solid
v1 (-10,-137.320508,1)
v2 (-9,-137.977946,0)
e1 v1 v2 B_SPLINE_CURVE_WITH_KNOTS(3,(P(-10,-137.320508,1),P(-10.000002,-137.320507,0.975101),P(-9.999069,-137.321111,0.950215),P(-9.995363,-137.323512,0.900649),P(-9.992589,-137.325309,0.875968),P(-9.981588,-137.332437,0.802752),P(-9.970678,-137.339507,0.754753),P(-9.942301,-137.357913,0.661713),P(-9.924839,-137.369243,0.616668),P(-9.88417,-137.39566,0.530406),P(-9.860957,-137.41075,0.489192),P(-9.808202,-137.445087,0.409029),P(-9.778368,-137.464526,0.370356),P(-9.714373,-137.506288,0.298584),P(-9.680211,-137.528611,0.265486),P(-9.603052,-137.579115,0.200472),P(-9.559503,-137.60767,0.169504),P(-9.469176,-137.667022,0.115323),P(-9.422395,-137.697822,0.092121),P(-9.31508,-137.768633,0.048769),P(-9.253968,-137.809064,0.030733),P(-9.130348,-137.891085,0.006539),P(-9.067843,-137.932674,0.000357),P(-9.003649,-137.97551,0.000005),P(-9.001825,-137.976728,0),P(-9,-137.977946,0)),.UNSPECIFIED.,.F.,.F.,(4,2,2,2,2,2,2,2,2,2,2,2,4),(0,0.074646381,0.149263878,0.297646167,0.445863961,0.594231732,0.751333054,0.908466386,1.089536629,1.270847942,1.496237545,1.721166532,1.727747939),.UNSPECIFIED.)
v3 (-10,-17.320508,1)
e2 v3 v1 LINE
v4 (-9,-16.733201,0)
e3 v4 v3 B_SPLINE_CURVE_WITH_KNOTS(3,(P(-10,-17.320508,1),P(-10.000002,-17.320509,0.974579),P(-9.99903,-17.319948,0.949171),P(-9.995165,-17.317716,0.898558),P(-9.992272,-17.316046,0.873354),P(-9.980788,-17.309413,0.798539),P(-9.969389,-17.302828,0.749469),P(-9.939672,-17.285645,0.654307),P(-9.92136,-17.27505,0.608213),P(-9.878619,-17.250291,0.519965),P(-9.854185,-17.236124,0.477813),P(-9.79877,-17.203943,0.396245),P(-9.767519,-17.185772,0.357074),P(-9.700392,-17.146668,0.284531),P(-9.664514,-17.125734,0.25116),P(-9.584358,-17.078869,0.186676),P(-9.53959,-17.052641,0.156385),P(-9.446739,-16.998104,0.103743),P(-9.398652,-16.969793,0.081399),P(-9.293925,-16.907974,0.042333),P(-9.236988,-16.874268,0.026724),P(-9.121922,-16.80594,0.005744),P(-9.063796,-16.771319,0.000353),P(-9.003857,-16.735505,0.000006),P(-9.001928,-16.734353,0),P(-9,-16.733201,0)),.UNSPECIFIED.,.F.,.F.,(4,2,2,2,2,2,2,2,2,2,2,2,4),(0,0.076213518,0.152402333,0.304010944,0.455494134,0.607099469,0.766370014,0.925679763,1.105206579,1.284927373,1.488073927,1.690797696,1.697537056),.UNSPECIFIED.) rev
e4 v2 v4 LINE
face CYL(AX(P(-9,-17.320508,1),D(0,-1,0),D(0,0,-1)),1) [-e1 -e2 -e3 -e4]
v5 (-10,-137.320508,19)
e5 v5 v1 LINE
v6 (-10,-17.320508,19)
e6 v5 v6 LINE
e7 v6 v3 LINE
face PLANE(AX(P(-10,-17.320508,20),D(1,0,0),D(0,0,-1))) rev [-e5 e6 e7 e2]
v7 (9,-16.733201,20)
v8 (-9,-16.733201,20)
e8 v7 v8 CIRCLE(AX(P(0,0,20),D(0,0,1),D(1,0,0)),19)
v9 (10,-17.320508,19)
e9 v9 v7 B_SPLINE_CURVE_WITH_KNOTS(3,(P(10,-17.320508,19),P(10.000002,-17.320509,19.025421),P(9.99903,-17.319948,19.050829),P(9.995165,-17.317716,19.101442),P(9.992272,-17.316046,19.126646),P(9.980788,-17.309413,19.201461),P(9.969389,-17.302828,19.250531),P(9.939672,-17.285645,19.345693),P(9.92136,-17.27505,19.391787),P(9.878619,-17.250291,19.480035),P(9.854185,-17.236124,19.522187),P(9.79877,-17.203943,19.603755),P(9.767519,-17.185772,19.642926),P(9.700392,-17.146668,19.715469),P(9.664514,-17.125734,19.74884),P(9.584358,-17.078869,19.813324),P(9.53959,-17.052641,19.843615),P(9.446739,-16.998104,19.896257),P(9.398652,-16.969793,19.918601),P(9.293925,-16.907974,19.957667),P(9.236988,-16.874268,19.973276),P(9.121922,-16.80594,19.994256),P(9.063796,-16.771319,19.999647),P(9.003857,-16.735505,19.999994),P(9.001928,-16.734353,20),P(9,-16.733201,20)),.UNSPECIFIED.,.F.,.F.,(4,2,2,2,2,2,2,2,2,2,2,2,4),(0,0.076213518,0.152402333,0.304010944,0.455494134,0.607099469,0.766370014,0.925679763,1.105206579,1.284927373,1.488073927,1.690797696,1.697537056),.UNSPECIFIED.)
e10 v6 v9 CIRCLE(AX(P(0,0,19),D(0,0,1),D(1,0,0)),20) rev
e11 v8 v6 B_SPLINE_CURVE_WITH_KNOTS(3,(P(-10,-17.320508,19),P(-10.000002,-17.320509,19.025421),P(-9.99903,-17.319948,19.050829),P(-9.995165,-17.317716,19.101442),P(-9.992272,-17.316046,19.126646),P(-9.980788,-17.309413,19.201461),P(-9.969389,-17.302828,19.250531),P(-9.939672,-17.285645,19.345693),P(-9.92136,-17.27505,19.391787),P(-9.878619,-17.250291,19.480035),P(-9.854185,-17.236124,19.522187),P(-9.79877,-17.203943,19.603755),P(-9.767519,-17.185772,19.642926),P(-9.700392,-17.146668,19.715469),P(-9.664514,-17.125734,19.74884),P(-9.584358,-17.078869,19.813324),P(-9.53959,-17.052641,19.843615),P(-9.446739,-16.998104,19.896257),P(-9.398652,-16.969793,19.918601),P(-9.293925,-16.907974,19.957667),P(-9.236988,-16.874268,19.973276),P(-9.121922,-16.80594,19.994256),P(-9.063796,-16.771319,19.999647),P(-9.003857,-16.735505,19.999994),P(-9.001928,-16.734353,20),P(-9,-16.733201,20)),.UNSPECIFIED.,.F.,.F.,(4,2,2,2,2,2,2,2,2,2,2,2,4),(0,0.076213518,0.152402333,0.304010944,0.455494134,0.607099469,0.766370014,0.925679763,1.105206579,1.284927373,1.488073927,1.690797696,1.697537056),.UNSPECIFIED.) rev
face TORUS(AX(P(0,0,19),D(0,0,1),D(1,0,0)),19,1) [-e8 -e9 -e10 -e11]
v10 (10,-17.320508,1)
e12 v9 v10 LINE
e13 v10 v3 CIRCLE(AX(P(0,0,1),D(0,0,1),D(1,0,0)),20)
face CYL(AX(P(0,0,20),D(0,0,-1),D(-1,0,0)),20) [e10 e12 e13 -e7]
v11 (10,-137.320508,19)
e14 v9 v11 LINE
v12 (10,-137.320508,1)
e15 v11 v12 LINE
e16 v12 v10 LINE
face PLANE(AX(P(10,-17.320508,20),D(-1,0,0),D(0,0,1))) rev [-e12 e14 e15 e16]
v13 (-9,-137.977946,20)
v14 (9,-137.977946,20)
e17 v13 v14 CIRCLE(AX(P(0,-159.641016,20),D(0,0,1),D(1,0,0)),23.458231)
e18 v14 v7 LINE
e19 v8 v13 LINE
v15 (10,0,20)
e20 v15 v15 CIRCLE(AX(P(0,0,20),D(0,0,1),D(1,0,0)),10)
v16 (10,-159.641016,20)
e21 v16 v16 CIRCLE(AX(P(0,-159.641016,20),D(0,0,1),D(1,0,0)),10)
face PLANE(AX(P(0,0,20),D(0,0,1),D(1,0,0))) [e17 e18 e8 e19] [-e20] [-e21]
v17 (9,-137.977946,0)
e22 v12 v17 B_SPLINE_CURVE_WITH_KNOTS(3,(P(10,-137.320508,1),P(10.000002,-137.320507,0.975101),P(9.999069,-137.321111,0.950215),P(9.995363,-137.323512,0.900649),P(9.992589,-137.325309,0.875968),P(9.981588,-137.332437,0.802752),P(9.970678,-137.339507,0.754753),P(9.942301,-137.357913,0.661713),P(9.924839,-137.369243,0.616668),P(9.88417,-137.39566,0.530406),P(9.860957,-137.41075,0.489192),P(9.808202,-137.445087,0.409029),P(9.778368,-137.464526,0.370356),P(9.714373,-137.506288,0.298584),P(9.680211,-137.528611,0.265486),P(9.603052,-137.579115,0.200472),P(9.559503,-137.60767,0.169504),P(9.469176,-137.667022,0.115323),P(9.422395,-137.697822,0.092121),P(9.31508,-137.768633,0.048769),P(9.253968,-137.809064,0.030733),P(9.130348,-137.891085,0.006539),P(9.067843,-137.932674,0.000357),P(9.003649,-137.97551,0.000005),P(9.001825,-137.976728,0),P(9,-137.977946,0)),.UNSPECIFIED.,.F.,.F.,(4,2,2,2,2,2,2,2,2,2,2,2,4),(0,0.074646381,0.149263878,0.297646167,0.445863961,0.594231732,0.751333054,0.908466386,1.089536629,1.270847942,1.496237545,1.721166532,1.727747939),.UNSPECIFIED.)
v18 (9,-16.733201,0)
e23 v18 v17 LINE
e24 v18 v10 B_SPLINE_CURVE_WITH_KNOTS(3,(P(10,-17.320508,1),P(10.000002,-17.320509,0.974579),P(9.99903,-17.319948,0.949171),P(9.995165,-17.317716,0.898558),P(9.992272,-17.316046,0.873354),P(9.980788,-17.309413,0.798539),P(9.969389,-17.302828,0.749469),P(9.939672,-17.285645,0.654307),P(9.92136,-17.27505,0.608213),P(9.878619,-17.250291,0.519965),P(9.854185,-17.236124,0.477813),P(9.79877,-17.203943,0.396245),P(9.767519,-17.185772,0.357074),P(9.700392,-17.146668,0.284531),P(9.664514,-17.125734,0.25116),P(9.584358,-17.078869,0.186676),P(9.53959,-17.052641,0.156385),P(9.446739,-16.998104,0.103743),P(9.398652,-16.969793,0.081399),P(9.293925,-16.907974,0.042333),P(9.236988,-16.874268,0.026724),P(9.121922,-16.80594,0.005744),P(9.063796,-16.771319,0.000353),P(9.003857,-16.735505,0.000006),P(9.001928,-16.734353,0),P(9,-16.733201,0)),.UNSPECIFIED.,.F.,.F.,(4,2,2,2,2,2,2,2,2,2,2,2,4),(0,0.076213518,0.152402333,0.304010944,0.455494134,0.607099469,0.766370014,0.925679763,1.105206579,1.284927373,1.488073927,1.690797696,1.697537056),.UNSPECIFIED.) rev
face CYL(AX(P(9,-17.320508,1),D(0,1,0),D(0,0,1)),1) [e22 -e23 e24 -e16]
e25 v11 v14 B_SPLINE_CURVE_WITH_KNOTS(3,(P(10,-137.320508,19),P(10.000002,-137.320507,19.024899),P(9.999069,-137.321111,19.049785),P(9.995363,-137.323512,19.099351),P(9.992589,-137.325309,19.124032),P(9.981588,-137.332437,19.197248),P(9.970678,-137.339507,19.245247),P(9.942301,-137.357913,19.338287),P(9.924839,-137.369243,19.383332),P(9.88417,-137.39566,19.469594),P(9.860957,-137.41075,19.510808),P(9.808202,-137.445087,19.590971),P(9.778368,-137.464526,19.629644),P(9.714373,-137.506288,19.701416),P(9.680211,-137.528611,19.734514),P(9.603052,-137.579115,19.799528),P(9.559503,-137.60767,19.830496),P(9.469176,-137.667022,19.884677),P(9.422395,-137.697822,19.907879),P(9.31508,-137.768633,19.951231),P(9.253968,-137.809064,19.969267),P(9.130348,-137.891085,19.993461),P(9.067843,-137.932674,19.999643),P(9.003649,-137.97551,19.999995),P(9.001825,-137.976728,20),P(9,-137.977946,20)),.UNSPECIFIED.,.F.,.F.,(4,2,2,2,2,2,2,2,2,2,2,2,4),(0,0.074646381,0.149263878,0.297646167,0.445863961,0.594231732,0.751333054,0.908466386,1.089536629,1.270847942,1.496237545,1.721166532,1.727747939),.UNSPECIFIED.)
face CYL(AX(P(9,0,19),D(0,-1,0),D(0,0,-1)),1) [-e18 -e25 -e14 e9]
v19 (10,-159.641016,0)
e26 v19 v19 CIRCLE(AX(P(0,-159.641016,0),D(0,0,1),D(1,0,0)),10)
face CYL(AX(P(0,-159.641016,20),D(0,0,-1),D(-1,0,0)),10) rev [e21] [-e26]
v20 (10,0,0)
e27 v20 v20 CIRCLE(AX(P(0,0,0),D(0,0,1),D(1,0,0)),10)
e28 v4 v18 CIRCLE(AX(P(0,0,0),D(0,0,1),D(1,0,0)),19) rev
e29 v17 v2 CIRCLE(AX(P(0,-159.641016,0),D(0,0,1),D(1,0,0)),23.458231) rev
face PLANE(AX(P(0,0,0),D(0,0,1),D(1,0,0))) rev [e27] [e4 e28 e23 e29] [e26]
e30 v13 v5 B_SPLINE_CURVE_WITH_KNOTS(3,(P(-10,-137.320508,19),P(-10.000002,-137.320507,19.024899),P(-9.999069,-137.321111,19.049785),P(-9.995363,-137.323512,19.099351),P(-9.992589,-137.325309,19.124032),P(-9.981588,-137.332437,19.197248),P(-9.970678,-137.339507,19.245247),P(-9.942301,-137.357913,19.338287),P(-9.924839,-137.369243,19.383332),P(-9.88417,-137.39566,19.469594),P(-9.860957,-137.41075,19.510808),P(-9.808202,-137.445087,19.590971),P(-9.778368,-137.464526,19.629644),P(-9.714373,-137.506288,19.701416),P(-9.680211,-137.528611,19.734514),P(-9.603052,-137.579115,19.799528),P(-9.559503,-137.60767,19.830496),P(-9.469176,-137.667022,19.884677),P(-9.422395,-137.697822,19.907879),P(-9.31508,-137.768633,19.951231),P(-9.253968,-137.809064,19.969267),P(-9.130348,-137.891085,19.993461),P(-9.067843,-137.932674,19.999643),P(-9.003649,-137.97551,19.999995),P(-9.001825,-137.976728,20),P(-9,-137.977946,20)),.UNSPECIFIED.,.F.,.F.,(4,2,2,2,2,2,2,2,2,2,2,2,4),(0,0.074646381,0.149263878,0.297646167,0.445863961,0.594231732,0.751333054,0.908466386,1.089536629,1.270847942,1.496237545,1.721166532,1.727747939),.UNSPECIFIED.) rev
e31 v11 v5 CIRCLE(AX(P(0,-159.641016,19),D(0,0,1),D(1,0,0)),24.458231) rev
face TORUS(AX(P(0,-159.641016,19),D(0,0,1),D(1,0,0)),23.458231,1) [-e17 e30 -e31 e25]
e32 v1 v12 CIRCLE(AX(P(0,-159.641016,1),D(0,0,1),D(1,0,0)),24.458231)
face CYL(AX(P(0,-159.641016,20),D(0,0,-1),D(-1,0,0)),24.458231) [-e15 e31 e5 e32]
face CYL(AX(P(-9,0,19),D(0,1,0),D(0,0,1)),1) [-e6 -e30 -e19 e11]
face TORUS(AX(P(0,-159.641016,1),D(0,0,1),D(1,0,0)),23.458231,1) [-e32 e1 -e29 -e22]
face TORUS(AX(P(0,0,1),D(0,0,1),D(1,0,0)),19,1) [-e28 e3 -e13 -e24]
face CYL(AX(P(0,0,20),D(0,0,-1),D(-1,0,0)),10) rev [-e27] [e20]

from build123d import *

# Parameters (mm, degrees)
ESQUISSE1_R        = 10
BOSS_EXTRU_1_DEPTH = 20
CONG_2_R           = 1


with BuildPart() as part:
    # Esquisse1 → Boss.-Extru.1 (new body)
    with BuildSketch(Plane.XY):
        with BuildLine():
            Line((-10, -17.320508076), (-10, -137.320508076))
            ThreePointArc((-10, -137.320508076), (0, -184.099247501), (10, -137.320508076))
            Line((10, -137.320508076), (10, -17.320508076))
            ThreePointArc((10, -17.320508076), (0, 20), (-10, -17.320508076))
        make_face()
        Circle(ESQUISSE1_R, mode=Mode.SUBTRACT)
        with Locations((0, -159.641016151)):
            Circle(ESQUISSE1_R, mode=Mode.SUBTRACT)
    extrude(amount=BOSS_EXTRU_1_DEPTH)

    # Congé2
    cong_2_edges = [part.edges().sort_by_distance(p)[0] for p in [
        (0, -184.099247501, 20),
        (10, -77.320508076, 20),
        (0, 20, 20),
        (10, -77.320508076, 0),
        (0, -184.099247501, 0),
        (-10, -77.320508076, 0),
        (0, 20, 0),
        (-10, -77.320508076, 20),
    ]]
    fillet(cong_2_edges, radius=CONG_2_R)


solid = part.part
